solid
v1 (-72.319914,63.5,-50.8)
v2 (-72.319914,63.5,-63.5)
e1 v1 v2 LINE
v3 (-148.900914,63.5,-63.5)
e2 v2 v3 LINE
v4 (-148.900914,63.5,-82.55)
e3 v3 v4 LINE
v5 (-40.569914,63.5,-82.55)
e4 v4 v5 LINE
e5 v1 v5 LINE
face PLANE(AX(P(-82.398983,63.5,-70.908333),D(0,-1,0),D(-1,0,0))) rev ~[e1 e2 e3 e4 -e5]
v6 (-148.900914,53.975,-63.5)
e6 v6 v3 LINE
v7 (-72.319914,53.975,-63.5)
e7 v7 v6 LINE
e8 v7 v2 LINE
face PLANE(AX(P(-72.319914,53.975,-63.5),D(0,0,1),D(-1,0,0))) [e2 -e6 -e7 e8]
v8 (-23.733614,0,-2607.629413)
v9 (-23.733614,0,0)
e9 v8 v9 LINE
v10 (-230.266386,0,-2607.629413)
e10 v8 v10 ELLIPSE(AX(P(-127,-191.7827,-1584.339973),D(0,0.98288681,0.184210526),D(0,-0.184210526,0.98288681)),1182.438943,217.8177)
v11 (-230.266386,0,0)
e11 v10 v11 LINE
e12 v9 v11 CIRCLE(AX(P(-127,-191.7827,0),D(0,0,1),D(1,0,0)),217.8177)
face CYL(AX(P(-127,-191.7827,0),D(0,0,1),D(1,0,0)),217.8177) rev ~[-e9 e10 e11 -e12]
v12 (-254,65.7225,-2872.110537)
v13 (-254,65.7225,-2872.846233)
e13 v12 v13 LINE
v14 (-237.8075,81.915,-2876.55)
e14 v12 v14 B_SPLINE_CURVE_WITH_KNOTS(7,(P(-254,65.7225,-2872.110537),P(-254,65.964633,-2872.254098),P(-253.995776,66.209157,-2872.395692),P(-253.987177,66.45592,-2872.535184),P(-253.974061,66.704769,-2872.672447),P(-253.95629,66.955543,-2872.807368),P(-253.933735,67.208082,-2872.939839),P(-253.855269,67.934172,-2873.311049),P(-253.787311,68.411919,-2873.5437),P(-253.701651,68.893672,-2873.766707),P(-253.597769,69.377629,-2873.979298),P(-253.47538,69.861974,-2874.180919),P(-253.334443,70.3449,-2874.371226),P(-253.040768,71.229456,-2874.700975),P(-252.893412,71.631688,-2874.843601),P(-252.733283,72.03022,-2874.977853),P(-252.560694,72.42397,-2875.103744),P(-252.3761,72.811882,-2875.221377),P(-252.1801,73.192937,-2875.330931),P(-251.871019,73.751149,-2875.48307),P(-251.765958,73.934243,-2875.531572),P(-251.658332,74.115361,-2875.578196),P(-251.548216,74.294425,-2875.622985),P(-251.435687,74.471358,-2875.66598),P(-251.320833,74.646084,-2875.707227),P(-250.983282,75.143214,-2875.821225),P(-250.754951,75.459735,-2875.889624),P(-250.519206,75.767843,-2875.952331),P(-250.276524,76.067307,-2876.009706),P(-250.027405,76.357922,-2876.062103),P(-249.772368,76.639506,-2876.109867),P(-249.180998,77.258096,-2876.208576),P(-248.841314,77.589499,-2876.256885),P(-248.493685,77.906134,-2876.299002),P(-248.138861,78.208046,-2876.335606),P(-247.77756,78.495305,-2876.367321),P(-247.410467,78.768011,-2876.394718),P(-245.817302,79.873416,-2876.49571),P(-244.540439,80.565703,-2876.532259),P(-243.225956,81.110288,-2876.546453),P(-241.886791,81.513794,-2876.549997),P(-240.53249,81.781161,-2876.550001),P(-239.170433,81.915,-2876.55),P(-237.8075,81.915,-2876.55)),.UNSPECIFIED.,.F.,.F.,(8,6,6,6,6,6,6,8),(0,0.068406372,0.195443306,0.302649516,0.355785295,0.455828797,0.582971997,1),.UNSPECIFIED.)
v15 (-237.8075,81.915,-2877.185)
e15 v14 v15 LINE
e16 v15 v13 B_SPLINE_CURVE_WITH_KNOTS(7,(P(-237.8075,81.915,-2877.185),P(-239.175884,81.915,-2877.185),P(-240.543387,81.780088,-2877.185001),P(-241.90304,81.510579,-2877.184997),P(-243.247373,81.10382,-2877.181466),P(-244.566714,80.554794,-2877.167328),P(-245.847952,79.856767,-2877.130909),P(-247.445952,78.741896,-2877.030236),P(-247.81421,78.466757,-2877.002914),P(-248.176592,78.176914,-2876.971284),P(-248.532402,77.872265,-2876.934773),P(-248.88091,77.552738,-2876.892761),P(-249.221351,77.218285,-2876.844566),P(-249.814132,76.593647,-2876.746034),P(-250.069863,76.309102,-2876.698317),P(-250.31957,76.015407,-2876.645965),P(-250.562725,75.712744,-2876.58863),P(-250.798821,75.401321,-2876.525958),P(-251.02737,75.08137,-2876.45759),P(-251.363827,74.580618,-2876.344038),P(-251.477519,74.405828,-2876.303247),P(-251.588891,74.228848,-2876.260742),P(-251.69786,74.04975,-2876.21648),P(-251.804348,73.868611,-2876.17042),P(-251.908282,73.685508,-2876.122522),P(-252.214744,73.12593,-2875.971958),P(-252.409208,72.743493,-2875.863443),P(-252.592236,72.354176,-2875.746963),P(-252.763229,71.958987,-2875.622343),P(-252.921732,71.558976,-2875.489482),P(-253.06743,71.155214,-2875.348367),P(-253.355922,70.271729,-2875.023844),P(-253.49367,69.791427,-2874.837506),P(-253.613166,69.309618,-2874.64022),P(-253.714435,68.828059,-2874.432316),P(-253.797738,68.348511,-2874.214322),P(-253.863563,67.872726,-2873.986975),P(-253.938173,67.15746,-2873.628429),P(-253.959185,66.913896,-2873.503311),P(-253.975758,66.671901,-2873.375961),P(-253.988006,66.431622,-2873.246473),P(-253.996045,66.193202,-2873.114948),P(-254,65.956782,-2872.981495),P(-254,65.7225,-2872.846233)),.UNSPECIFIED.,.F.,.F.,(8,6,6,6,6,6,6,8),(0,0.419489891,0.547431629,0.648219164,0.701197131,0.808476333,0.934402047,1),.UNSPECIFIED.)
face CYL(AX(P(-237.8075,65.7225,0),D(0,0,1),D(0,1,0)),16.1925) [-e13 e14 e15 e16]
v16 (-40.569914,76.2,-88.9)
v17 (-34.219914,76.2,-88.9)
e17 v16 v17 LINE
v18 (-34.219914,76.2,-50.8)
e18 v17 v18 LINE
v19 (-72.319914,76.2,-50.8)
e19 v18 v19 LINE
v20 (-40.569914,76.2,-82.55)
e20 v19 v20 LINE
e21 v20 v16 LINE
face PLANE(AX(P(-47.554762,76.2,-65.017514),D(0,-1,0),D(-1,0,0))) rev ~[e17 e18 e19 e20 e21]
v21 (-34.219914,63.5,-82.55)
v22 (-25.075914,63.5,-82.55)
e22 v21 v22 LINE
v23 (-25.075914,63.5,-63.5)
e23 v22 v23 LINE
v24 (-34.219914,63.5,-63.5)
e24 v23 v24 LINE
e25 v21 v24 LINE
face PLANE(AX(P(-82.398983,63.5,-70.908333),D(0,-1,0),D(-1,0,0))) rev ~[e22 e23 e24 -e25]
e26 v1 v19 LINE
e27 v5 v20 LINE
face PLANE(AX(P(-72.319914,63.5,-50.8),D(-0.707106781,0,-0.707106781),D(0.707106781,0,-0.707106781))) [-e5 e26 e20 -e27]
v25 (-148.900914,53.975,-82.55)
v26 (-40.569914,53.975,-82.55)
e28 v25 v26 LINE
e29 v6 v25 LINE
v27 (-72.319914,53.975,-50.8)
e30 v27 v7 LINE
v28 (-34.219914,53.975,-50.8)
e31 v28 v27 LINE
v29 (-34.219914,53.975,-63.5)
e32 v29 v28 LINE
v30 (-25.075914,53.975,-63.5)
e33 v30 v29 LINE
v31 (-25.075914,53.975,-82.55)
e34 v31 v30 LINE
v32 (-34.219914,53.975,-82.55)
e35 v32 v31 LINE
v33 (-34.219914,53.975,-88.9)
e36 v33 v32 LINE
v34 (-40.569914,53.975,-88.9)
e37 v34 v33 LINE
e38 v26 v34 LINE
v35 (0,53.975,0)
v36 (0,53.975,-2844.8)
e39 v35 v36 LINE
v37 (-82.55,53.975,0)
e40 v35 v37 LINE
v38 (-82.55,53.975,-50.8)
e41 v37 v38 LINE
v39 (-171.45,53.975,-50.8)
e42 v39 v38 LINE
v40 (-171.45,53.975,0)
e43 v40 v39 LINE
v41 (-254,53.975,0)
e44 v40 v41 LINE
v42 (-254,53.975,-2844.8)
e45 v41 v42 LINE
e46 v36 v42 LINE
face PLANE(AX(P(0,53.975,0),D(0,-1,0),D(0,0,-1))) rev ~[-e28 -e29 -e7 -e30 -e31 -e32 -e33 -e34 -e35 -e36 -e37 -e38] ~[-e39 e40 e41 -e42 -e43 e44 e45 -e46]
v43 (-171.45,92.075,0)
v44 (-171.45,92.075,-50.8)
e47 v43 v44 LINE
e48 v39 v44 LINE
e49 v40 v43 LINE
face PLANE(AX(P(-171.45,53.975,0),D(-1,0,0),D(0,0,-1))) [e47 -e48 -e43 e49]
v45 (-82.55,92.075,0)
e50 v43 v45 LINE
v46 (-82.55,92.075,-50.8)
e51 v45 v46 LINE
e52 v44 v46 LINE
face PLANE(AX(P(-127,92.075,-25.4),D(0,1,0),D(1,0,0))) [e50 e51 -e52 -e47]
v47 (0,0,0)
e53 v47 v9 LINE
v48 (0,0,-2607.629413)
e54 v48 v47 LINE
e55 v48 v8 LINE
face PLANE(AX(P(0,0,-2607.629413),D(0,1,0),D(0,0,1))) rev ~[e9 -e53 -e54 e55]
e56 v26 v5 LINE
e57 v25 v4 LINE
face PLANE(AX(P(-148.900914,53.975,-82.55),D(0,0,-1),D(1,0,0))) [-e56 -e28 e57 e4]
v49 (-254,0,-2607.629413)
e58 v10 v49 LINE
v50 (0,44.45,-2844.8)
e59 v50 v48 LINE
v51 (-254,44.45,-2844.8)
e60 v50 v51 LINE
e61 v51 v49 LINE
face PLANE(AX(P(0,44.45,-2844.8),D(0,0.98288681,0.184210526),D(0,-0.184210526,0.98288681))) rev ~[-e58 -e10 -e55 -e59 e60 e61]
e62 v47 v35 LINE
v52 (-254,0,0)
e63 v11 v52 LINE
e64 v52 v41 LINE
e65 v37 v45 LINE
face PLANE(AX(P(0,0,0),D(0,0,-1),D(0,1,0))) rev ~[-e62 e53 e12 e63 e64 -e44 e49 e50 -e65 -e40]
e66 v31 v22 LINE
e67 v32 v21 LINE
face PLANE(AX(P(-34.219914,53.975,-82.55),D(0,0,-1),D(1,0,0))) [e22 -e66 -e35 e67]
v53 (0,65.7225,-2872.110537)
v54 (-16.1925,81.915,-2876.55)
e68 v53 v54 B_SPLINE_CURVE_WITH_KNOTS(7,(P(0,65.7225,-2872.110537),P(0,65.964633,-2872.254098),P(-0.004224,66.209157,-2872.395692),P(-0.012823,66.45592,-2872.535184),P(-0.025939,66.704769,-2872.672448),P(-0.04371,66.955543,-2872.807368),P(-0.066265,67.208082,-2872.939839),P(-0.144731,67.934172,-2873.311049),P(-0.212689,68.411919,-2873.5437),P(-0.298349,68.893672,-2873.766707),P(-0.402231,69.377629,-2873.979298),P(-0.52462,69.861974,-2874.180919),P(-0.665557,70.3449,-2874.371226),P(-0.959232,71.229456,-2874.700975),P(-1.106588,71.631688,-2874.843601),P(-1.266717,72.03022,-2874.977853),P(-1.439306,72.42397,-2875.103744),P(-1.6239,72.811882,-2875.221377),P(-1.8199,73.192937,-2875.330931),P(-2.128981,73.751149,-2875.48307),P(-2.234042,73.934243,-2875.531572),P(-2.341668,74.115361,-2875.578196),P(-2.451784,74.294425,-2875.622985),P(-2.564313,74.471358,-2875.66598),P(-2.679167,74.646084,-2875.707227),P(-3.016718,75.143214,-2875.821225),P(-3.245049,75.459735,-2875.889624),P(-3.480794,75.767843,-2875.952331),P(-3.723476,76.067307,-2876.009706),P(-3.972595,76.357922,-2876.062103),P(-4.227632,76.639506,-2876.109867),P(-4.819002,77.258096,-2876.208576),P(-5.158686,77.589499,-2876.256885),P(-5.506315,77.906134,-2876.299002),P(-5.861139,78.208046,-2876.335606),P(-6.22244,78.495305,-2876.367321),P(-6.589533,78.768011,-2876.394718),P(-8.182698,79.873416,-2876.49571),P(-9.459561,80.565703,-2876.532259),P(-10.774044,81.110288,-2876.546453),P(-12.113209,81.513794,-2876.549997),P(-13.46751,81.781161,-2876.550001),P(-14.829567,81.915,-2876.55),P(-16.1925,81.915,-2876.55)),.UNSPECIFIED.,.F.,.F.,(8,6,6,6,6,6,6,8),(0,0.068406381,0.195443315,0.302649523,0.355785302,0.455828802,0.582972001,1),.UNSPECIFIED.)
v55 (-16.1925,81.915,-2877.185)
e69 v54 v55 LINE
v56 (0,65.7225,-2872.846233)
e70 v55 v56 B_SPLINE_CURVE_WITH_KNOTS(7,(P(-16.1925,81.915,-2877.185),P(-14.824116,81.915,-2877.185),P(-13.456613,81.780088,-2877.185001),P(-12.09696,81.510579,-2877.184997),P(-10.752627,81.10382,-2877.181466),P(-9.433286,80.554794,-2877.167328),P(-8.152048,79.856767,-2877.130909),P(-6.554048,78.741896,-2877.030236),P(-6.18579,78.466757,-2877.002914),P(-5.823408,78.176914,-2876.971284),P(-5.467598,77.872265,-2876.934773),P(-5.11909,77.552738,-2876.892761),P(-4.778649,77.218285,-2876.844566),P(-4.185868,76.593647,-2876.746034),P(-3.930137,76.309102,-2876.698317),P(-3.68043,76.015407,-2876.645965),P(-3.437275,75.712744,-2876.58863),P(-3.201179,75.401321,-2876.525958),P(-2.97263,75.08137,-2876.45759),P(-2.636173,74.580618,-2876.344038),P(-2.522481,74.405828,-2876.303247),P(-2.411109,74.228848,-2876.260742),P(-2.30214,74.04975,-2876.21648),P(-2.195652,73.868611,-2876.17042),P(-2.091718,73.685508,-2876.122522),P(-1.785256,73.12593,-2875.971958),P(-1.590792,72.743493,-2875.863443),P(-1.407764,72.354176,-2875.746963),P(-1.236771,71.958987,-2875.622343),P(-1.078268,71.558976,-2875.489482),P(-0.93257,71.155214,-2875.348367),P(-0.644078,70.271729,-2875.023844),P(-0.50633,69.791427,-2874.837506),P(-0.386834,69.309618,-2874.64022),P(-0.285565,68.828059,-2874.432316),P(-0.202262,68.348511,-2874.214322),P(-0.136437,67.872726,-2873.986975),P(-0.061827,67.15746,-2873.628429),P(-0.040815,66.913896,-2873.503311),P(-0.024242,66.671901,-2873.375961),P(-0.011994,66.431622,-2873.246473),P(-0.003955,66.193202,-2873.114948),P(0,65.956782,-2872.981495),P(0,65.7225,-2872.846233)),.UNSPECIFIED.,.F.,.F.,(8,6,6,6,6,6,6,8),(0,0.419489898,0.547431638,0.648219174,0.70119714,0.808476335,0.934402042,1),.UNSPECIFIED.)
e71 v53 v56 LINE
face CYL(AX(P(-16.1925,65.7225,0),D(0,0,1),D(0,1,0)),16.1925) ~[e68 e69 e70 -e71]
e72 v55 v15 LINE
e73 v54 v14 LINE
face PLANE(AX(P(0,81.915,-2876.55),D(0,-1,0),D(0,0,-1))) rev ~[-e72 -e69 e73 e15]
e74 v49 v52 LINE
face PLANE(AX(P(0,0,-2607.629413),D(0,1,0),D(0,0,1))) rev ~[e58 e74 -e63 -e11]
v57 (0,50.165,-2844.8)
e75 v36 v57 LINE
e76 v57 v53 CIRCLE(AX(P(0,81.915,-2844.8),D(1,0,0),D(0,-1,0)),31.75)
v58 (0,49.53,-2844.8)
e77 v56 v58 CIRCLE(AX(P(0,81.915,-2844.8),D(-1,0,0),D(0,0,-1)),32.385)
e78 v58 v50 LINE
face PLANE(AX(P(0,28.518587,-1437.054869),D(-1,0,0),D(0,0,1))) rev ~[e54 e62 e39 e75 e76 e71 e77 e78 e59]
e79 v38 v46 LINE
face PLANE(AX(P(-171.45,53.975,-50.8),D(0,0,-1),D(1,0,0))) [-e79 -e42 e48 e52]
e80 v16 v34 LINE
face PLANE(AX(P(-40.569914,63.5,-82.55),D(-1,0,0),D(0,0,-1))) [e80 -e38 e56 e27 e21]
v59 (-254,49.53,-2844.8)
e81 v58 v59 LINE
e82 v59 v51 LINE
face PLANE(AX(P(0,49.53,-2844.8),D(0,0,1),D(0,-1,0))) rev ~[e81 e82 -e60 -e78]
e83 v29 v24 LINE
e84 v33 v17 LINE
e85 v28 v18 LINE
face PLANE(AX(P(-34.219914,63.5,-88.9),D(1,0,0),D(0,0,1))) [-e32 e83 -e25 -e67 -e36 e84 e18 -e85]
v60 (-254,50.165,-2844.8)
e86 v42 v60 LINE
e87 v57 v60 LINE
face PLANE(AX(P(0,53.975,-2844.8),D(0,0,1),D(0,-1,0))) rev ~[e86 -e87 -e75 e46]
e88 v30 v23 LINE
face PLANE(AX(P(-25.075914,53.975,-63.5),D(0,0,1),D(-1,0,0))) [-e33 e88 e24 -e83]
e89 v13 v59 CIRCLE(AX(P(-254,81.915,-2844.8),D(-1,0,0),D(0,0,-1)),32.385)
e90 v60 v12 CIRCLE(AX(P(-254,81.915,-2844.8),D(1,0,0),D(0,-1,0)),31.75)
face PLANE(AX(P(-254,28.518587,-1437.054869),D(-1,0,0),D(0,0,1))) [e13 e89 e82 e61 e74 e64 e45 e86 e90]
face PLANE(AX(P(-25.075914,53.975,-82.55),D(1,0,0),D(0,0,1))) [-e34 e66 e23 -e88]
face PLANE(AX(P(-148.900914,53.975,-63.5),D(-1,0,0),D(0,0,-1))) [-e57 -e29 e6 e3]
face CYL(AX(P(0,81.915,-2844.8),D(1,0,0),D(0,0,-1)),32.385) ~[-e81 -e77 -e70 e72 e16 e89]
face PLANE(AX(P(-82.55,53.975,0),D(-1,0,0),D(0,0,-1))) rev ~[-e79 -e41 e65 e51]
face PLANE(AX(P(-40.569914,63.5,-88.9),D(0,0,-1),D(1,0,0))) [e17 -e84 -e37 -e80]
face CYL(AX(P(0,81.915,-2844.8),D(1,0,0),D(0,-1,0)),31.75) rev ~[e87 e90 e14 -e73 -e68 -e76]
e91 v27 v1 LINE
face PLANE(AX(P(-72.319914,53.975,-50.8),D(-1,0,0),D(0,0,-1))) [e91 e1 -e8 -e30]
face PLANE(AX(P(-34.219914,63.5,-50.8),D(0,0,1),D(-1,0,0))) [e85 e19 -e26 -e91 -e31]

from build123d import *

# Parameters (mm, degrees)
BOSS_EXTRUDE1_DEPTH = 254
CUT_EXTRUDE1_DEPTH  = 2878.185
SKETCH6_R           = 217.8177
CUT_EXTRUDE2_DEPTH  = 2878.1850001
SKETCH7_W           = 88.9
SKETCH7_H           = 50.8
BOSS_EXTRUDE2_DEPTH = 38.1
BOSS_EXTRUDE3_DEPTH = 9.525
BOSS_EXTRUDE4_DEPTH = 12.7


with BuildPart() as part:
    # Sketch3 → Boss-Extrude1 (new body)
    with BuildSketch(Plane(origin=(0, 0, 0), x_dir=(0, 0, -1), z_dir=(1, 0, 0))):
        with BuildLine():
            Line((2844.8, 44.45), (2607.629412658, 0))
            Line((2607.629412658, 0), (0, 0))
            Line((0, 0), (0, 53.975))
            Line((0, 53.975), (2844.8, 53.975))
            Line((2844.8, 53.975), (2844.8, 50.165))
            ThreePointArc((2844.8, 50.165), (2867.250640303, 59.464359697), (2876.55, 81.915))
            Line((2876.55, 81.915), (2877.185, 81.915))
            ThreePointArc((2877.185, 81.915), (2867.699653109, 59.015346891), (2844.8, 49.53))
            Line((2844.8, 49.53), (2844.8, 44.45))
        make_face()
    extrude(amount=-BOSS_EXTRUDE1_DEPTH)

    # Sketch5 → Cut-Extrude1 (cut, through all)
    with BuildSketch(Plane.XY):
        with BuildLine():
            Line((0, 65.7225), (0, 81.915))
            Line((0, 81.915), (-16.1925, 81.915))
            ThreePointArc((-16.1925, 81.915), (-4.742673446, 77.172326554), (0, 65.7225))
        make_face()
        with BuildLine():
            Line((-254, 65.7225), (-254, 81.915))
            Line((-254, 81.915), (-237.8075, 81.915))
            ThreePointArc((-237.8075, 81.915), (-249.257326554, 77.172326554), (-254, 65.7225))
        make_face()
    extrude(amount=-CUT_EXTRUDE1_DEPTH, mode=Mode.SUBTRACT)

    # Sketch6 → Cut-Extrude2 (cut, through all)
    with BuildSketch(Plane.XY):
        with Locations((-127, -191.7827)):
            Circle(SKETCH6_R)
    extrude(amount=-CUT_EXTRUDE2_DEPTH, mode=Mode.SUBTRACT)

    # Sketch7 → Boss-Extrude2 (add)
    with BuildSketch(Plane(origin=(0, 53.975, 0), x_dir=(1, 0, 0), z_dir=(0, 1, 0))):
        with Locations((-127, 25.4)):
            Rectangle(SKETCH7_W, SKETCH7_H)
    extrude(amount=BOSS_EXTRUDE2_DEPTH)

    # Sketch8 → Boss-Extrude3 (add)
    with BuildSketch(Plane(origin=(0, 53.975, 0), x_dir=(1, 0, 0), z_dir=(0, 1, 0))):
        Polygon((-34.219914215, 88.9), (-34.219914215, 82.55), (-25.075914215, 82.55), (-25.075914215, 63.5), (-34.219914215, 63.5), (-34.219914215, 50.8), (-72.319914215, 50.8), (-72.319914215, 63.5), (-148.900914215, 63.5), (-148.900914215, 82.55), (-40.569914215, 82.55), (-40.569914215, 88.9), align=None)
    extrude(amount=BOSS_EXTRUDE3_DEPTH)

    # Sketch9 → Boss-Extrude4 (add)
    with BuildSketch(Plane(origin=(0, 63.5, 0), x_dir=(1, 0, 0), z_dir=(0, 1, 0))):
        Polygon((-72.319914215, 50.8), (-40.569914215, 82.55), (-40.569914215, 88.9), (-34.219914215, 88.9), (-34.219914215, 50.8), align=None)
    extrude(amount=BOSS_EXTRUDE4_DEPTH)


solid = part.part
